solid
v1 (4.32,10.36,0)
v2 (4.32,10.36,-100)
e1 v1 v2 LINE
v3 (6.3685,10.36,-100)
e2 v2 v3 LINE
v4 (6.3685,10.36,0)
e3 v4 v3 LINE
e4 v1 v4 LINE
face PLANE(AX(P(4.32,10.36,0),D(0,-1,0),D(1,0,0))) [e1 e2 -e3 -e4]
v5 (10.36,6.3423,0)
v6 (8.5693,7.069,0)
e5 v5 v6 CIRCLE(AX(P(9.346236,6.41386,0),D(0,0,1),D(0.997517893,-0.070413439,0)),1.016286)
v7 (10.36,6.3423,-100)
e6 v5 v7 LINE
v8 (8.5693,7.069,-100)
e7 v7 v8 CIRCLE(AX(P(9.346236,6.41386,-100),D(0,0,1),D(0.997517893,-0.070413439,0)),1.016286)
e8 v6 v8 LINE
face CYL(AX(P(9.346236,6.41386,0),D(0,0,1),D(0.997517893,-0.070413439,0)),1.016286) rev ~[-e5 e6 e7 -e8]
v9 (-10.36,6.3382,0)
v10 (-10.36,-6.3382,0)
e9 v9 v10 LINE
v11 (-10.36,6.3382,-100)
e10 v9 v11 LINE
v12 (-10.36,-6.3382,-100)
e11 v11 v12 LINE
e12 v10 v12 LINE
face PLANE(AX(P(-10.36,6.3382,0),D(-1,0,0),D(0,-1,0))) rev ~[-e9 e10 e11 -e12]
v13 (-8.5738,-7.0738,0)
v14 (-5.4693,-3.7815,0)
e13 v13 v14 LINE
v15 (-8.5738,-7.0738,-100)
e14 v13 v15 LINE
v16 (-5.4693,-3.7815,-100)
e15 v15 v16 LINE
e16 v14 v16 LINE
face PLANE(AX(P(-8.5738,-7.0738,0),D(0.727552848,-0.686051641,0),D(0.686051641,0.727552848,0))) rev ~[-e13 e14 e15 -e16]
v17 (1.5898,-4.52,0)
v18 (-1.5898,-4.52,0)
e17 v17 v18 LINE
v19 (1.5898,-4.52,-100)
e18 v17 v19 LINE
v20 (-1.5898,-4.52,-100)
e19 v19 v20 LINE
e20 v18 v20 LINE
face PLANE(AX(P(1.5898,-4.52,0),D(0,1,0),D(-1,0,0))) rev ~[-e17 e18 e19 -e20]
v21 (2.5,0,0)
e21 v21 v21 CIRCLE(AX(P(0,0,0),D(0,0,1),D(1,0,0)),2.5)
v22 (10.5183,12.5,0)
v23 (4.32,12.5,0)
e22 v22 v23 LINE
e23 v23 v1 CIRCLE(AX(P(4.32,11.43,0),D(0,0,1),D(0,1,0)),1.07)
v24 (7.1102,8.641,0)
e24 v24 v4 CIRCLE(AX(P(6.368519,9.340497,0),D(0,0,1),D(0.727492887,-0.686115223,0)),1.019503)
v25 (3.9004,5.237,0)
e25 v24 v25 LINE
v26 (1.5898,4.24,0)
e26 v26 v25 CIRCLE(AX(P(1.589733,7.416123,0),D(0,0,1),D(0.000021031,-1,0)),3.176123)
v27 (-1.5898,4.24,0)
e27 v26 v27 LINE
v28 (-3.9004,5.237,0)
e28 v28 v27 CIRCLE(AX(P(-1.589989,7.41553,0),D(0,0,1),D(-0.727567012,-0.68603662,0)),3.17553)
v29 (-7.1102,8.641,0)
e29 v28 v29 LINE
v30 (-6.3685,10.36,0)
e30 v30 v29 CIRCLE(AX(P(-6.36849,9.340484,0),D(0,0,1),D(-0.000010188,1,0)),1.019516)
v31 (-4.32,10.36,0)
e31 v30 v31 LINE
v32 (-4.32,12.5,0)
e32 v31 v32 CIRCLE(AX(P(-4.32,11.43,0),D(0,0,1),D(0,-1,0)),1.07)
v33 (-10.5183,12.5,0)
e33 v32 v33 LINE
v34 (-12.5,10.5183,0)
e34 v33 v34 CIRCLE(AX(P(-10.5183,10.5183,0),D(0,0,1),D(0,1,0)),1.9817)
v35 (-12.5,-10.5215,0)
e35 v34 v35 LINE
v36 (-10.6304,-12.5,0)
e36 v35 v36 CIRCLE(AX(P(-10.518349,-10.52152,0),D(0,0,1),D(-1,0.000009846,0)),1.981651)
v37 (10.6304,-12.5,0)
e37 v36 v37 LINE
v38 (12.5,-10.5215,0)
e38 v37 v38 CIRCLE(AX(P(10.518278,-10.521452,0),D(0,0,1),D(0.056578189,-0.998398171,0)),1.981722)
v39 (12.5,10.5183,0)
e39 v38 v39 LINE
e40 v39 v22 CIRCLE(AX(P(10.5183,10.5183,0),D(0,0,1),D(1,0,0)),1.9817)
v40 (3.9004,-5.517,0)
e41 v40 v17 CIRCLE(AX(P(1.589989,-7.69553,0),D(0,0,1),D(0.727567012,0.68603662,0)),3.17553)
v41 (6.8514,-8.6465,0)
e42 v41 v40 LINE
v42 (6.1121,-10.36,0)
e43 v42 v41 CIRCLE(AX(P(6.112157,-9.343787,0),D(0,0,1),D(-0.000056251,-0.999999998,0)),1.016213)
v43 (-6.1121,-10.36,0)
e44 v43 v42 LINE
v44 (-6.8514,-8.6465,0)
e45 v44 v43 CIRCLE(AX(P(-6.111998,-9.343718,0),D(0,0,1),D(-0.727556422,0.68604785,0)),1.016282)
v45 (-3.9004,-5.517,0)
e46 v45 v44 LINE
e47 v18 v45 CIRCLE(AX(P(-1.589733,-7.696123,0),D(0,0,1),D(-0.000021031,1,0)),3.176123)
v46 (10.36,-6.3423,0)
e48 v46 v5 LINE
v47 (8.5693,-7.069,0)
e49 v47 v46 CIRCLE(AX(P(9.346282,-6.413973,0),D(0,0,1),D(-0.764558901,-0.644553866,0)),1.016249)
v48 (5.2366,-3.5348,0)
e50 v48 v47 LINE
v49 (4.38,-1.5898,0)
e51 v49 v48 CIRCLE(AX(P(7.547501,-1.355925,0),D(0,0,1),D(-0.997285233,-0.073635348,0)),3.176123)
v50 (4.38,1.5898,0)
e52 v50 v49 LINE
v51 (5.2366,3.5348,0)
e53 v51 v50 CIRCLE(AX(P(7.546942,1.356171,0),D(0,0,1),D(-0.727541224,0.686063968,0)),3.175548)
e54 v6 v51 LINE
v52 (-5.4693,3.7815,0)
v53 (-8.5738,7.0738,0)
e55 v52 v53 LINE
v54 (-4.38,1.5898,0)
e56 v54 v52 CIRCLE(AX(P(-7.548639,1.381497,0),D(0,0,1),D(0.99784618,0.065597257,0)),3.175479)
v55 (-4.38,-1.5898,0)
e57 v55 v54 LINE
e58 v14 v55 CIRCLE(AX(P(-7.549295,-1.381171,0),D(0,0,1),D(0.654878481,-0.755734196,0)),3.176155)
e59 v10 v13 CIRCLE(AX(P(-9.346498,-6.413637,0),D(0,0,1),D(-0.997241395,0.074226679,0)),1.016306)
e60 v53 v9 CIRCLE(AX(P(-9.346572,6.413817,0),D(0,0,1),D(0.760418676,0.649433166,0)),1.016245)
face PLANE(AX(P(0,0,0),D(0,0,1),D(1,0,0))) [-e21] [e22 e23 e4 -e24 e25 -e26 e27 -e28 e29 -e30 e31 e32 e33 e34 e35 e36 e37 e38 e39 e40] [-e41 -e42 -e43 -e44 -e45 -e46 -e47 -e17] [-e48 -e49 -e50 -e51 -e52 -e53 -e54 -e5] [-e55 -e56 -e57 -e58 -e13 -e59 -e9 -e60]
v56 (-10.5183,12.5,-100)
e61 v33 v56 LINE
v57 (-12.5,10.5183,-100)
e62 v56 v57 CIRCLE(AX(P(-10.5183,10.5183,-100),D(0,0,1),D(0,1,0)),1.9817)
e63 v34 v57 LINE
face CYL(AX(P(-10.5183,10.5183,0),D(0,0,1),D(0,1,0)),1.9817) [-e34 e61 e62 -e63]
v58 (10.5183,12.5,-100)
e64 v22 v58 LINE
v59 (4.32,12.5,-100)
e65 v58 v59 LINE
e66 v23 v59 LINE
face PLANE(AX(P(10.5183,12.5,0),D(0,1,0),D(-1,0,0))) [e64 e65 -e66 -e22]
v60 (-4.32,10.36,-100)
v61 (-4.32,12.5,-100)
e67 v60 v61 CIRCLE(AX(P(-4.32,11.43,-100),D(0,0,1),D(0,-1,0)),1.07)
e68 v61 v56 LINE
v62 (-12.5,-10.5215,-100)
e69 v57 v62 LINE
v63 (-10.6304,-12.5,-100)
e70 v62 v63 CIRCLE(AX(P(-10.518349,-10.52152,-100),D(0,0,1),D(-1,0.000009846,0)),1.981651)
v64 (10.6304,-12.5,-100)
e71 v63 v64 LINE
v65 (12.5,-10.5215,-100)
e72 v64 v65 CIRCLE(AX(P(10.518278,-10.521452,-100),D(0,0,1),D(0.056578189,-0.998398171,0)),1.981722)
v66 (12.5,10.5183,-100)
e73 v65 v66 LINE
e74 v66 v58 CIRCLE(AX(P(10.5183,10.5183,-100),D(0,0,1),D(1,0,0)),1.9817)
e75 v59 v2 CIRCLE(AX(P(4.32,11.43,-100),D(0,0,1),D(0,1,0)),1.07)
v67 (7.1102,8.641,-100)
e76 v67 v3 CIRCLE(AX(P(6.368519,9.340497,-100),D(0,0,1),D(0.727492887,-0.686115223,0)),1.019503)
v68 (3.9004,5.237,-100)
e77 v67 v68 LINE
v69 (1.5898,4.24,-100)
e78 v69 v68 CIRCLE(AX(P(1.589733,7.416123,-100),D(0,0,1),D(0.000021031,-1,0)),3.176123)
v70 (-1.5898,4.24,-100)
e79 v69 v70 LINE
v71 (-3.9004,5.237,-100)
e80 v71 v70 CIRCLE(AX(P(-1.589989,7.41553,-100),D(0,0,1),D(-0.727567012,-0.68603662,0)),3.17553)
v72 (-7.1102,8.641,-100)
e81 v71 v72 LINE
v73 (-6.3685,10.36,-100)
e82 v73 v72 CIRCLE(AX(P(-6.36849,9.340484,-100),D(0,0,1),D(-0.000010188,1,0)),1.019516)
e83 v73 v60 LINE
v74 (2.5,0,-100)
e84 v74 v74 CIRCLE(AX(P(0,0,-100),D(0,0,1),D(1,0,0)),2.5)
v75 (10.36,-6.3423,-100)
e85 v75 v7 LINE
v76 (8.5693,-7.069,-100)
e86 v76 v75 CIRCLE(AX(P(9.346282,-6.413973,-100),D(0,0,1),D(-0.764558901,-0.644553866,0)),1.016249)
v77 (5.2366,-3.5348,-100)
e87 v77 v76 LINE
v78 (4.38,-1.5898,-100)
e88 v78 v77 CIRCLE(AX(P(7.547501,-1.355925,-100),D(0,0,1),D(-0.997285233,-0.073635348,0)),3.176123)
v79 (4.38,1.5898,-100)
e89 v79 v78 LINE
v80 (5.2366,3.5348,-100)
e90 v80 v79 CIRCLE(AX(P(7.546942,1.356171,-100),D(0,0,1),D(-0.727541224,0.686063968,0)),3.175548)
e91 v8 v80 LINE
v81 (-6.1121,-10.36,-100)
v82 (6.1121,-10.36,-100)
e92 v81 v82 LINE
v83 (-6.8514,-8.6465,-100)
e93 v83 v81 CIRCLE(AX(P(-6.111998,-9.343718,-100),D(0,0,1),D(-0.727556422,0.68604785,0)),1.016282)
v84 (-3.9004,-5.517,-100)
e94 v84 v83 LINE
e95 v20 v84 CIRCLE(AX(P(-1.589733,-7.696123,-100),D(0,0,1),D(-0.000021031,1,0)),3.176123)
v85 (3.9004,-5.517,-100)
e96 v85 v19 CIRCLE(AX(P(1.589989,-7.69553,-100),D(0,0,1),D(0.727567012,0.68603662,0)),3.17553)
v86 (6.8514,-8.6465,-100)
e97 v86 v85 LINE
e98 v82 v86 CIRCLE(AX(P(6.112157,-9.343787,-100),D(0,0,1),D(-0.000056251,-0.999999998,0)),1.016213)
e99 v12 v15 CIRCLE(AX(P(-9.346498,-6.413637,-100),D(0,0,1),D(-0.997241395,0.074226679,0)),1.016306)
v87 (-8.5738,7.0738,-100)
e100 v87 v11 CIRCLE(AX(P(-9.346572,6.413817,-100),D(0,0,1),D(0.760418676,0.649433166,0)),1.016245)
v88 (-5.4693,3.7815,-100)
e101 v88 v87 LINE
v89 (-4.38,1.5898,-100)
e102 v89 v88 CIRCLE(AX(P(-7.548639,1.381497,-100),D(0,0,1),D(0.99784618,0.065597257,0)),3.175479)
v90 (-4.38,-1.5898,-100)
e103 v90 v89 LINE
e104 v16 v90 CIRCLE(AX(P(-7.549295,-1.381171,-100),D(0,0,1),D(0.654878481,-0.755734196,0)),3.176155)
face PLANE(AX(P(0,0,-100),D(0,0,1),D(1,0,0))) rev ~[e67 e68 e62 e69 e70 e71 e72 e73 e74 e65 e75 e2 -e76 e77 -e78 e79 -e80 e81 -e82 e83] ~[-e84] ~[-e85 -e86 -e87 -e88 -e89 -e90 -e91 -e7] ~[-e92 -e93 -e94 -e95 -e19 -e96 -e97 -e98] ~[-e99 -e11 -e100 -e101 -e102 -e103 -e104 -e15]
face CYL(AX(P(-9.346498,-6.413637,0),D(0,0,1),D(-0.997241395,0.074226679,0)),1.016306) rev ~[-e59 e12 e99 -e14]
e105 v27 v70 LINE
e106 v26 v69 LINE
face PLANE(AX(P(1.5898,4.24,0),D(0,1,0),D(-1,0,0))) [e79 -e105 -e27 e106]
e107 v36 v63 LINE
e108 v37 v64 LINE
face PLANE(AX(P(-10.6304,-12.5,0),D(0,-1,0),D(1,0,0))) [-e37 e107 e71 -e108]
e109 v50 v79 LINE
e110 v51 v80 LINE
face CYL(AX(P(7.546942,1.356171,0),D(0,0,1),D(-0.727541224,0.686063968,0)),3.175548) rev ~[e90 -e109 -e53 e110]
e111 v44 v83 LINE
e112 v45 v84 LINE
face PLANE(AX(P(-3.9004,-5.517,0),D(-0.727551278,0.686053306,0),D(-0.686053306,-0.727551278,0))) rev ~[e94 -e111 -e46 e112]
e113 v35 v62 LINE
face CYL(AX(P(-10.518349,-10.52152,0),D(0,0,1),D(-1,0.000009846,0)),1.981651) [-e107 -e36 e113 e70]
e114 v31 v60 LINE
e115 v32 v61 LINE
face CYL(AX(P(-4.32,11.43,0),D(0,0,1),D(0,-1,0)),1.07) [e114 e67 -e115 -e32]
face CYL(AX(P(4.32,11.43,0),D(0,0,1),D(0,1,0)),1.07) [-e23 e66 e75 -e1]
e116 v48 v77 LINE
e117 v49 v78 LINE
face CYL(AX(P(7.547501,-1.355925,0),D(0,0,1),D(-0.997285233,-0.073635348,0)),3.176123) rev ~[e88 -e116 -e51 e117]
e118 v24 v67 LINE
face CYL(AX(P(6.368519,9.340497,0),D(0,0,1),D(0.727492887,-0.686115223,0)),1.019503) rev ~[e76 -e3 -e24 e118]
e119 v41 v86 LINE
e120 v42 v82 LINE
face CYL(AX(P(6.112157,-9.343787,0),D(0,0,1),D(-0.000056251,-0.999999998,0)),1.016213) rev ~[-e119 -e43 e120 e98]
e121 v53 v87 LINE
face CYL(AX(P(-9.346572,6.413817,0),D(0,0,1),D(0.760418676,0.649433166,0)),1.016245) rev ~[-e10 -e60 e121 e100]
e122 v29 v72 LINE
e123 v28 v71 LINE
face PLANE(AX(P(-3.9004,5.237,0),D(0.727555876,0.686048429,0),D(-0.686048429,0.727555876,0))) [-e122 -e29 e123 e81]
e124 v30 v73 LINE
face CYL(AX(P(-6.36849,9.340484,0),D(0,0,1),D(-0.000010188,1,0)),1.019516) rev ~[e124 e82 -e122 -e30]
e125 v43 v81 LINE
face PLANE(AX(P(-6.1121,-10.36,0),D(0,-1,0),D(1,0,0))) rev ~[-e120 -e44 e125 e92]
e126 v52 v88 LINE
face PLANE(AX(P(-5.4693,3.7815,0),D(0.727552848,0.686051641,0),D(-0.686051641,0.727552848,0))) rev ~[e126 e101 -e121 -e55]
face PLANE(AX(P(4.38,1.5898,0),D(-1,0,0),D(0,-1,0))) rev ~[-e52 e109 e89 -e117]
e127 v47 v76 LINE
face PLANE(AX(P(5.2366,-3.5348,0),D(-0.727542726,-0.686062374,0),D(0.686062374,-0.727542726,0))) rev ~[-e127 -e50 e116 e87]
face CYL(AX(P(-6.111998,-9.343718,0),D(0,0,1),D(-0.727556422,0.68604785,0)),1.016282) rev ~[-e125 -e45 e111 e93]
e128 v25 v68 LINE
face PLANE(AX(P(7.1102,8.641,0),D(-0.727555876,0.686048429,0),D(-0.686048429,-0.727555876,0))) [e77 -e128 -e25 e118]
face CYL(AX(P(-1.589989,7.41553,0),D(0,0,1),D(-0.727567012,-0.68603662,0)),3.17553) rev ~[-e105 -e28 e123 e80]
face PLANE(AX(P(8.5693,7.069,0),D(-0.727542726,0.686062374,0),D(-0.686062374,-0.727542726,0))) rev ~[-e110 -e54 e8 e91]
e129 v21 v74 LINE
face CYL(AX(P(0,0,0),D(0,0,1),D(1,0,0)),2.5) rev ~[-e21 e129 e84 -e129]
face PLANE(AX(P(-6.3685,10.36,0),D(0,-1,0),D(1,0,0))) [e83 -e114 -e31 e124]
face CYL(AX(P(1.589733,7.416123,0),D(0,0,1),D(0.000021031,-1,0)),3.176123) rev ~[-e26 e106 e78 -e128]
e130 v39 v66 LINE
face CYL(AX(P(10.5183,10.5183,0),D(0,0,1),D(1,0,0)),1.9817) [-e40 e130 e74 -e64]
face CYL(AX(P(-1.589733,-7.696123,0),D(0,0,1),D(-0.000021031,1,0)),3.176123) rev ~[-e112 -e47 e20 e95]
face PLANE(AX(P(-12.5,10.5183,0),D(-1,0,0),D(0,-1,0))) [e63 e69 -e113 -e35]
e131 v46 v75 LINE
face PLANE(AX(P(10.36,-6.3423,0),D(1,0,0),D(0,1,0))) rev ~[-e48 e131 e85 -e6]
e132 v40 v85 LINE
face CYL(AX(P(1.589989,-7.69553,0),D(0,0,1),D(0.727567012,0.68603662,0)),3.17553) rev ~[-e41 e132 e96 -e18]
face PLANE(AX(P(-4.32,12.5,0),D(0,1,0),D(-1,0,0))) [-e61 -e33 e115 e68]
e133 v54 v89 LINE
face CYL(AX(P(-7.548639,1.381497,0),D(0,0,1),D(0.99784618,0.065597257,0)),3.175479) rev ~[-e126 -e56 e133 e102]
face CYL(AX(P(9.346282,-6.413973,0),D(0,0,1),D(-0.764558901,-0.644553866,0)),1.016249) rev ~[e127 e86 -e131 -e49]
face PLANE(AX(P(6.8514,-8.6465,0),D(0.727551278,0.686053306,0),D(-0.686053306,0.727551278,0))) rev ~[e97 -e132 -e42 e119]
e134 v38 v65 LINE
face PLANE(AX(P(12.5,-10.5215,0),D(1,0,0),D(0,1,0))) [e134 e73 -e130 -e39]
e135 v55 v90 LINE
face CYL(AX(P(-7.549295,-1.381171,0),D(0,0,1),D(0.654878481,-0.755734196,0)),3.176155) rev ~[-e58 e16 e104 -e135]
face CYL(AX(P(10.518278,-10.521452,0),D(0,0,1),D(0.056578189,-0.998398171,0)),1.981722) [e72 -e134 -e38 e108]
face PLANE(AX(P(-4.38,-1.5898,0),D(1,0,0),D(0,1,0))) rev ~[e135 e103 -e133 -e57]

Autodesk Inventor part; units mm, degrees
ref_plane "YZ Plane" through (0, 0, 0) normal (1, 0, 0) x (0, 1, 0)
ref_plane "XZ Plane" through (0, 0, 0) normal (0, 1, 0) x (-1, 0, 0)
ref_plane "XY Plane" through (0, 0, 0) normal (0, 0, 1) x (1, 0, 0)
sketch "Sketch1" plane through (0, 0, 0) normal (0, 0, 1) x (1, 0, 0)
  arc A0 (3.9004, -5.517) -> (1.5898, -4.52) centre (1.5898, -7.6958) ccw
  line L0 (6.8514, -8.6465) -> (3.9004, -5.517)
  arc A1 (6.1121, -10.36) -> (6.8514, -8.6465) centre (6.1121, -9.3437) ccw
  line L1 (-6.1121, -10.36) -> (6.1121, -10.36)
  arc A2 (-6.8514, -8.6465) -> (-6.1121, -10.36) centre (-6.1121, -9.3437) ccw
  line L2 (-3.9004, -5.517) -> (-6.8514, -8.6465)
  arc A3 (-1.5898, -4.52) -> (-3.9004, -5.517) centre (-1.5898, -7.6958) ccw
  line L3 (1.5898, -4.52) -> (-1.5898, -4.52)
  arc A4 (-10.36, -6.3382) -> (-8.5738, -7.0738) centre (-9.3466, -6.4137) ccw
  line L4 (-10.36, 6.3382) -> (-10.36, -6.3382)
  arc A5 (-8.5738, 7.0738) -> (-10.36, 6.3382) centre (-9.3466, 6.4137) ccw
  line L5 (-5.4693, 3.7815) -> (-8.5738, 7.0738)
  arc A6 (-4.38, 1.5898) -> (-5.4693, 3.7815) centre (-7.549, 1.3814) ccw
  line L6 (-4.38, -1.5898) -> (-4.38, 1.5898)
  arc A7 (-5.4693, -3.7815) -> (-4.38, -1.5898) centre (-7.549, -1.3814) ccw
  line L7 (-8.5738, -7.0738) -> (-5.4693, -3.7815)
  arc A8 (8.5693, -7.069) -> (10.36, -6.3423) centre (9.3463, -6.4139) ccw
  line L8 (5.2366, -3.5348) -> (8.5693, -7.069)
  arc A9 (4.38, -1.5898) -> (5.2366, -3.5348) centre (7.5472, -1.356) ccw
  line L9 (4.38, 1.5898) -> (4.38, -1.5898)
  arc A10 (5.2366, 3.5348) -> (4.38, 1.5898) centre (7.5472, 1.356) ccw
  line L10 (8.5693, 7.069) -> (5.2366, 3.5348)
  arc A11 (10.36, 6.3423) -> (8.5693, 7.069) centre (9.3463, 6.4139) ccw
  line L11 (10.36, -6.3423) -> (10.36, 6.3423)
  circle A12 centre (0, 0) radius 2.5
  arc A13 (-4.32, 10.36) -> (-4.32, 12.5) centre (-4.32, 11.43) ccw
  line L12 (-4.32, 12.5) -> (-10.5183, 12.5)
  arc A14 (-10.5183, 12.5) -> (-12.5, 10.5183) centre (-10.5183, 10.5183) ccw
  line L13 (-12.5, 10.5183) -> (-12.5, -10.5215)
  arc A15 (-12.5, -10.5215) -> (-10.6304, -12.5) centre (-10.5183, -10.5215) ccw
  line L14 (-10.6304, -12.5) -> (10.6304, -12.5)
  arc A16 (10.6304, -12.5) -> (12.5, -10.5215) centre (10.5183, -10.5215) ccw
  line L15 (12.5, -10.5215) -> (12.5, 10.5183)
  arc A17 (12.5, 10.5183) -> (10.5183, 12.5) centre (10.5183, 10.5183) ccw
  line L16 (10.5183, 12.5) -> (4.32, 12.5)
  arc A18 (4.32, 12.5) -> (4.32, 10.36) centre (4.32, 11.43) ccw
  line L17 (4.32, 10.36) -> (6.3685, 10.36)
  arc A19 (7.1102, 8.641) -> (6.3685, 10.36) centre (6.3685, 9.3405) ccw
  line L18 (7.1102, 8.641) -> (3.9004, 5.237)
  arc A20 (1.5898, 4.24) -> (3.9004, 5.237) centre (1.5898, 7.4158) ccw
  line L19 (1.5898, 4.24) -> (-1.5898, 4.24)
  arc A21 (-3.9004, 5.237) -> (-1.5898, 4.24) centre (-1.5898, 7.4158) ccw
  line L20 (-3.9004, 5.237) -> (-7.1102, 8.641)
  arc A22 (-6.3685, 10.36) -> (-7.1102, 8.641) centre (-6.3685, 9.3405) ccw
  line L21 (-6.3685, 10.36) -> (-4.32, 10.36)
extrude "Extrusion1" add sketch "Sketch1" against normal blind 100
properties part number "25-2501"
